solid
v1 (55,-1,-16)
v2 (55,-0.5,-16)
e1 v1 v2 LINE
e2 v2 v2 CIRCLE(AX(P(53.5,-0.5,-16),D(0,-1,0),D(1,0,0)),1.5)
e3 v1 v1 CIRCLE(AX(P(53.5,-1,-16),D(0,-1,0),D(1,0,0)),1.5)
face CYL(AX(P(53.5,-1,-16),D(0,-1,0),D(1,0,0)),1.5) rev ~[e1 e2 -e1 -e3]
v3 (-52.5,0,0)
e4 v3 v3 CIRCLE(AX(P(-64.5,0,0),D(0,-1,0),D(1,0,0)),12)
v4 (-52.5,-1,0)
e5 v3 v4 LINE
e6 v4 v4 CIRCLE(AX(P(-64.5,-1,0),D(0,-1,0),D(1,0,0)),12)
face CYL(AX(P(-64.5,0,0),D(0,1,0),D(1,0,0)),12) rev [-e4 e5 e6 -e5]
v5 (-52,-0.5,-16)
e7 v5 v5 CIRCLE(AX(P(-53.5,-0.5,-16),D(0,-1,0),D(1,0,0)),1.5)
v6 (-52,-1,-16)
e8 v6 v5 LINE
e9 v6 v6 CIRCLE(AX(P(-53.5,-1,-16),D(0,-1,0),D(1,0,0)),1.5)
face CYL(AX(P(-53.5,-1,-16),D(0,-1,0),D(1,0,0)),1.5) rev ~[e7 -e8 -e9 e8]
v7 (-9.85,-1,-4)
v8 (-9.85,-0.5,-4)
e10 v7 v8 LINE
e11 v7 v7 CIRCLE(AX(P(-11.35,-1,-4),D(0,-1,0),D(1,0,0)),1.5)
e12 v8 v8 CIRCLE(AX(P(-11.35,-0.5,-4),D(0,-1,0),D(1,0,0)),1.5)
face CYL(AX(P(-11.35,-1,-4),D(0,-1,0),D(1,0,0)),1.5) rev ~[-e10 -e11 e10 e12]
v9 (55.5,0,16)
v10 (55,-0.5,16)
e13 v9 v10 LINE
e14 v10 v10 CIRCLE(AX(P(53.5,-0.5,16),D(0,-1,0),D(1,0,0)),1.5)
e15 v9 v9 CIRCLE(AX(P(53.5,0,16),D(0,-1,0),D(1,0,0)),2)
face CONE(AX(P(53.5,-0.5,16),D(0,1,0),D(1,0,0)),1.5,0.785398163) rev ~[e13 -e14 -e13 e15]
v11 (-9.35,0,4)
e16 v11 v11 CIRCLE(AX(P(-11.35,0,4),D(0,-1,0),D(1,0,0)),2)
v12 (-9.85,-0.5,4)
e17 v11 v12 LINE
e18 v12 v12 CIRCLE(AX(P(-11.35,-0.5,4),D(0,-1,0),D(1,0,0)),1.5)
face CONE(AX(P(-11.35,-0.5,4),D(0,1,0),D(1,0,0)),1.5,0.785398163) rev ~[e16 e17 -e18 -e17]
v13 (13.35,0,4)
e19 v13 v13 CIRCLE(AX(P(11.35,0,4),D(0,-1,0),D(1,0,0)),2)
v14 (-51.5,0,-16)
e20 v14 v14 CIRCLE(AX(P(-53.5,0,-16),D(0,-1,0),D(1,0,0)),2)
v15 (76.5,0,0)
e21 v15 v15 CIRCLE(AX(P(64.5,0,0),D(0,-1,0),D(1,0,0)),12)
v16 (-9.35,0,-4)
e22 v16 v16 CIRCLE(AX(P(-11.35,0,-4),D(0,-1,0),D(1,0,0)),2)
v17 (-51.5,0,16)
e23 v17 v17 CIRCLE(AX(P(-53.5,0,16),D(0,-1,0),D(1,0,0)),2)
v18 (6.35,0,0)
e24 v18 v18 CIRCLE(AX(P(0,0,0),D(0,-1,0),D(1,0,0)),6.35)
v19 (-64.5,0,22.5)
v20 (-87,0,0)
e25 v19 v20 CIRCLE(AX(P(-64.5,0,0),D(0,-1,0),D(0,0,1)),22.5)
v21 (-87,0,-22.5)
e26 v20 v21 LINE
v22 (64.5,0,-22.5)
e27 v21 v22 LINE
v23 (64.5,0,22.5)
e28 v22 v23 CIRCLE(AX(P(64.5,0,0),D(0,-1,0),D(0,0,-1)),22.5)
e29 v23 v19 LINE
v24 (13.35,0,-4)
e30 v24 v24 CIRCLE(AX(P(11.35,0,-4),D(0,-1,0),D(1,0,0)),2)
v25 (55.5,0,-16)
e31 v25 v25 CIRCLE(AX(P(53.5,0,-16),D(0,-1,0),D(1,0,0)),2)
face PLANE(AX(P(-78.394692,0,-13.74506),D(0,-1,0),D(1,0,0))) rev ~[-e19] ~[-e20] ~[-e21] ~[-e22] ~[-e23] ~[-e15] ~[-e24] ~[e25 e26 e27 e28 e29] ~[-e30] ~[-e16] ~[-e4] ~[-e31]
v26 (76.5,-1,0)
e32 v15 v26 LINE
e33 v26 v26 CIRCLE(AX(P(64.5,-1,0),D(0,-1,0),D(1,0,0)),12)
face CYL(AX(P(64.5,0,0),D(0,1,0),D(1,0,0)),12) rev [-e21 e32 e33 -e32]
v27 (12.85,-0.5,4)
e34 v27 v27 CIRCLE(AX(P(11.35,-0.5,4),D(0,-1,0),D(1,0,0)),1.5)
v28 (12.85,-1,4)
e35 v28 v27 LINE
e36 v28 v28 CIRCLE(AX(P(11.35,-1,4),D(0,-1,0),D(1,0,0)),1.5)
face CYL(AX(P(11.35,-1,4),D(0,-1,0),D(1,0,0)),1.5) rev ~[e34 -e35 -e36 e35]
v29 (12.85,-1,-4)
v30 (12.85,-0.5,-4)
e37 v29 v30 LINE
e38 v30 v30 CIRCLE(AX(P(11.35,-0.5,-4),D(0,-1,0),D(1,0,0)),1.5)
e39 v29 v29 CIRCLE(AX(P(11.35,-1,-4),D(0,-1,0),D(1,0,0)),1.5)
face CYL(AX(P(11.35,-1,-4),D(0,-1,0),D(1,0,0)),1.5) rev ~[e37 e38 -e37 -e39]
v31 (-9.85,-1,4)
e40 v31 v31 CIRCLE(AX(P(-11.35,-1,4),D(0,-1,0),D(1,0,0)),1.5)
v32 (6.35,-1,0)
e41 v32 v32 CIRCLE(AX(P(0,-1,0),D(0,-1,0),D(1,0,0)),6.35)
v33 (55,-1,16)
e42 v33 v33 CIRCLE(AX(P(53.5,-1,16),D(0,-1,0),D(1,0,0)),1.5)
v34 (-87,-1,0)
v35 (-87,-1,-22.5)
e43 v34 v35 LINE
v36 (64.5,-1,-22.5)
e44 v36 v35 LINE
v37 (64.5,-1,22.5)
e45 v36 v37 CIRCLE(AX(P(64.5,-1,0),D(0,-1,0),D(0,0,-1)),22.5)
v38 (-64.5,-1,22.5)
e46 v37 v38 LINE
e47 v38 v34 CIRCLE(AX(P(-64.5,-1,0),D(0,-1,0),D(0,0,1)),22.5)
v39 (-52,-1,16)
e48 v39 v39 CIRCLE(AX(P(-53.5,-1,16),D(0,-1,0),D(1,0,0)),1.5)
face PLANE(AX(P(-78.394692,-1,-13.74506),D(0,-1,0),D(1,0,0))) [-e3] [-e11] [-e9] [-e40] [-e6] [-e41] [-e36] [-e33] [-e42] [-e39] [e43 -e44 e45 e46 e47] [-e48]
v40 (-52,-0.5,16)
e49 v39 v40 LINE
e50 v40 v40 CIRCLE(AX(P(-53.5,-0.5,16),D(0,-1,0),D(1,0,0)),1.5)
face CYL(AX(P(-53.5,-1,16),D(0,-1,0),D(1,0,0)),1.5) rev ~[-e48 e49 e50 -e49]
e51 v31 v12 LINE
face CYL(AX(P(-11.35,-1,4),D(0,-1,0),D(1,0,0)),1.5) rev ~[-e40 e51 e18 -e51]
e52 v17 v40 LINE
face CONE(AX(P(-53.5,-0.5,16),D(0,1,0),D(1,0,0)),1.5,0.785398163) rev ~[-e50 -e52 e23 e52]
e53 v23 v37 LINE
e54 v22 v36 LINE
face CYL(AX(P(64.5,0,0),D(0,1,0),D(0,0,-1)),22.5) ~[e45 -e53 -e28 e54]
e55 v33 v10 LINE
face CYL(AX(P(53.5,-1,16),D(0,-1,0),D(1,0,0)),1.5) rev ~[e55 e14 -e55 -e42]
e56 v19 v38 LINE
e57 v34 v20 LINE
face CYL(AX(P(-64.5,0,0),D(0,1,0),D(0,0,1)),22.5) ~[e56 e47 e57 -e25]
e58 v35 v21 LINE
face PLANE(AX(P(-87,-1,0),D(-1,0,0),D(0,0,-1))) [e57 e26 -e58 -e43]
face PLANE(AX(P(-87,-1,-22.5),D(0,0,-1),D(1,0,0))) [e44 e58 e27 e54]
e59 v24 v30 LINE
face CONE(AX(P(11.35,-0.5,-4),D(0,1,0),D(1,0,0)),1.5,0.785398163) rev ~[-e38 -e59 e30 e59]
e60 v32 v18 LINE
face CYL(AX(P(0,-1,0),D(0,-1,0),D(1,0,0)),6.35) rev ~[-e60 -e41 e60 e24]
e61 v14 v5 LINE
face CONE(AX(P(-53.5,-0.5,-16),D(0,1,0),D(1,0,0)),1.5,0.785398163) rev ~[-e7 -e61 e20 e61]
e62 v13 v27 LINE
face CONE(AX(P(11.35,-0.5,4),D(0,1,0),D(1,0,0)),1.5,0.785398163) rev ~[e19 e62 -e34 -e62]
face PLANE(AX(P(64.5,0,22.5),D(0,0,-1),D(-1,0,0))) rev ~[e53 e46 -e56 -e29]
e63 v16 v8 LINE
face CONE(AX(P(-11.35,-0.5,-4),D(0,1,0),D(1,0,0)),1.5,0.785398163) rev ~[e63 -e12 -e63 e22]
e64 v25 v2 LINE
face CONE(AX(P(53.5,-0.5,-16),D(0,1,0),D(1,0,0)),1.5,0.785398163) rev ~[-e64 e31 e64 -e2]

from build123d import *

# Parameters (mm, degrees)
F0_R      = 12
F1_DEPTH  = 1
F3_DEPTH  = 1
F4_R      = 1.5
F5_DEPTH  = 25
F6_SIZE   = 0.5
F7_R      = 6.35
F8_DEPTH  = 25
F9_R      = 1.5
F10_DEPTH = 25
F11_SIZE  = 0.5


with BuildPart() as f1:
    # F0 (on Front) → F1 (new body)
    with BuildSketch(Plane.XZ):
        with BuildLine():
            ThreePointArc((64.5, -22.5), (87, 0), (64.5, 22.5))
            Line((64.5, 22.5), (-64.5, 22.5))
            ThreePointArc((-64.5, 22.5), (-87, 0), (-64.5, -22.5))
            Line((-64.5, -22.5), (64.5, -22.5))
        make_face()
        with Locations((-64.5, 0)):
            Circle(F0_R, mode=Mode.SUBTRACT)
        with Locations((64.5, 0)):
            Circle(F0_R, mode=Mode.SUBTRACT)
    extrude(amount=F1_DEPTH)

    # F2 (on face) → F3 (join)
    with BuildSketch(Plane.XZ.offset(1)):
        Polygon((-87, -22.5), (-64.5, -22.5), (-64.5, -17.4313578755), (-70.5482587218, -14.7617282346), (-78.2682448626, -9.4630774111), (-80.8771923184, 0), (-87, 0), align=None)
    extrude(amount=-F3_DEPTH)

    # F4 (on face) → F5 (cut)
    with BuildSketch(Plane.XZ.offset(1)):
        with Locations((-53.5, 16)):
            Circle(F4_R)
        with Locations((-53.5, -16)):
            Circle(F4_R)
        with Locations((53.5, 16)):
            Circle(F4_R)
        with Locations((53.5, -16)):
            Circle(F4_R)
    extrude(amount=-F5_DEPTH, mode=Mode.SUBTRACT)

    # F6
    f6_edges = [f1.edges().sort_by_distance(p)[0] for p in [
        (-55, 0, 16),
        (-55, 0, -16),
        (52, 0, 16),
        (52, 0, -16),
    ]]
    chamfer(f6_edges, length=F6_SIZE)

    # F7 (on face) → F8 (cut)
    with BuildSketch(Plane.XZ.offset(1)):
        Circle(F7_R)
    extrude(amount=-F8_DEPTH, mode=Mode.SUBTRACT)

    # F9 (on face) → F10 (cut)
    with BuildSketch(Plane.XZ.offset(1)):
        with Locations((-11.35, 4)):
            Circle(F9_R)
        with Locations((-11.35, -4)):
            Circle(F9_R)
        with Locations((11.35, 4)):
            Circle(F9_R)
        with Locations((11.35, -4)):
            Circle(F9_R)
    extrude(amount=-F10_DEPTH, mode=Mode.SUBTRACT)

    # F11
    f11_edges = [f1.edges().sort_by_distance(p)[0] for p in [
        (-12.85, 0, 4),
        (-12.85, 0, -4),
        (9.85, 0, -4),
        (9.85, 0, 4),
    ]]
    chamfer(f11_edges, length=F11_SIZE)


solid = f1.part
